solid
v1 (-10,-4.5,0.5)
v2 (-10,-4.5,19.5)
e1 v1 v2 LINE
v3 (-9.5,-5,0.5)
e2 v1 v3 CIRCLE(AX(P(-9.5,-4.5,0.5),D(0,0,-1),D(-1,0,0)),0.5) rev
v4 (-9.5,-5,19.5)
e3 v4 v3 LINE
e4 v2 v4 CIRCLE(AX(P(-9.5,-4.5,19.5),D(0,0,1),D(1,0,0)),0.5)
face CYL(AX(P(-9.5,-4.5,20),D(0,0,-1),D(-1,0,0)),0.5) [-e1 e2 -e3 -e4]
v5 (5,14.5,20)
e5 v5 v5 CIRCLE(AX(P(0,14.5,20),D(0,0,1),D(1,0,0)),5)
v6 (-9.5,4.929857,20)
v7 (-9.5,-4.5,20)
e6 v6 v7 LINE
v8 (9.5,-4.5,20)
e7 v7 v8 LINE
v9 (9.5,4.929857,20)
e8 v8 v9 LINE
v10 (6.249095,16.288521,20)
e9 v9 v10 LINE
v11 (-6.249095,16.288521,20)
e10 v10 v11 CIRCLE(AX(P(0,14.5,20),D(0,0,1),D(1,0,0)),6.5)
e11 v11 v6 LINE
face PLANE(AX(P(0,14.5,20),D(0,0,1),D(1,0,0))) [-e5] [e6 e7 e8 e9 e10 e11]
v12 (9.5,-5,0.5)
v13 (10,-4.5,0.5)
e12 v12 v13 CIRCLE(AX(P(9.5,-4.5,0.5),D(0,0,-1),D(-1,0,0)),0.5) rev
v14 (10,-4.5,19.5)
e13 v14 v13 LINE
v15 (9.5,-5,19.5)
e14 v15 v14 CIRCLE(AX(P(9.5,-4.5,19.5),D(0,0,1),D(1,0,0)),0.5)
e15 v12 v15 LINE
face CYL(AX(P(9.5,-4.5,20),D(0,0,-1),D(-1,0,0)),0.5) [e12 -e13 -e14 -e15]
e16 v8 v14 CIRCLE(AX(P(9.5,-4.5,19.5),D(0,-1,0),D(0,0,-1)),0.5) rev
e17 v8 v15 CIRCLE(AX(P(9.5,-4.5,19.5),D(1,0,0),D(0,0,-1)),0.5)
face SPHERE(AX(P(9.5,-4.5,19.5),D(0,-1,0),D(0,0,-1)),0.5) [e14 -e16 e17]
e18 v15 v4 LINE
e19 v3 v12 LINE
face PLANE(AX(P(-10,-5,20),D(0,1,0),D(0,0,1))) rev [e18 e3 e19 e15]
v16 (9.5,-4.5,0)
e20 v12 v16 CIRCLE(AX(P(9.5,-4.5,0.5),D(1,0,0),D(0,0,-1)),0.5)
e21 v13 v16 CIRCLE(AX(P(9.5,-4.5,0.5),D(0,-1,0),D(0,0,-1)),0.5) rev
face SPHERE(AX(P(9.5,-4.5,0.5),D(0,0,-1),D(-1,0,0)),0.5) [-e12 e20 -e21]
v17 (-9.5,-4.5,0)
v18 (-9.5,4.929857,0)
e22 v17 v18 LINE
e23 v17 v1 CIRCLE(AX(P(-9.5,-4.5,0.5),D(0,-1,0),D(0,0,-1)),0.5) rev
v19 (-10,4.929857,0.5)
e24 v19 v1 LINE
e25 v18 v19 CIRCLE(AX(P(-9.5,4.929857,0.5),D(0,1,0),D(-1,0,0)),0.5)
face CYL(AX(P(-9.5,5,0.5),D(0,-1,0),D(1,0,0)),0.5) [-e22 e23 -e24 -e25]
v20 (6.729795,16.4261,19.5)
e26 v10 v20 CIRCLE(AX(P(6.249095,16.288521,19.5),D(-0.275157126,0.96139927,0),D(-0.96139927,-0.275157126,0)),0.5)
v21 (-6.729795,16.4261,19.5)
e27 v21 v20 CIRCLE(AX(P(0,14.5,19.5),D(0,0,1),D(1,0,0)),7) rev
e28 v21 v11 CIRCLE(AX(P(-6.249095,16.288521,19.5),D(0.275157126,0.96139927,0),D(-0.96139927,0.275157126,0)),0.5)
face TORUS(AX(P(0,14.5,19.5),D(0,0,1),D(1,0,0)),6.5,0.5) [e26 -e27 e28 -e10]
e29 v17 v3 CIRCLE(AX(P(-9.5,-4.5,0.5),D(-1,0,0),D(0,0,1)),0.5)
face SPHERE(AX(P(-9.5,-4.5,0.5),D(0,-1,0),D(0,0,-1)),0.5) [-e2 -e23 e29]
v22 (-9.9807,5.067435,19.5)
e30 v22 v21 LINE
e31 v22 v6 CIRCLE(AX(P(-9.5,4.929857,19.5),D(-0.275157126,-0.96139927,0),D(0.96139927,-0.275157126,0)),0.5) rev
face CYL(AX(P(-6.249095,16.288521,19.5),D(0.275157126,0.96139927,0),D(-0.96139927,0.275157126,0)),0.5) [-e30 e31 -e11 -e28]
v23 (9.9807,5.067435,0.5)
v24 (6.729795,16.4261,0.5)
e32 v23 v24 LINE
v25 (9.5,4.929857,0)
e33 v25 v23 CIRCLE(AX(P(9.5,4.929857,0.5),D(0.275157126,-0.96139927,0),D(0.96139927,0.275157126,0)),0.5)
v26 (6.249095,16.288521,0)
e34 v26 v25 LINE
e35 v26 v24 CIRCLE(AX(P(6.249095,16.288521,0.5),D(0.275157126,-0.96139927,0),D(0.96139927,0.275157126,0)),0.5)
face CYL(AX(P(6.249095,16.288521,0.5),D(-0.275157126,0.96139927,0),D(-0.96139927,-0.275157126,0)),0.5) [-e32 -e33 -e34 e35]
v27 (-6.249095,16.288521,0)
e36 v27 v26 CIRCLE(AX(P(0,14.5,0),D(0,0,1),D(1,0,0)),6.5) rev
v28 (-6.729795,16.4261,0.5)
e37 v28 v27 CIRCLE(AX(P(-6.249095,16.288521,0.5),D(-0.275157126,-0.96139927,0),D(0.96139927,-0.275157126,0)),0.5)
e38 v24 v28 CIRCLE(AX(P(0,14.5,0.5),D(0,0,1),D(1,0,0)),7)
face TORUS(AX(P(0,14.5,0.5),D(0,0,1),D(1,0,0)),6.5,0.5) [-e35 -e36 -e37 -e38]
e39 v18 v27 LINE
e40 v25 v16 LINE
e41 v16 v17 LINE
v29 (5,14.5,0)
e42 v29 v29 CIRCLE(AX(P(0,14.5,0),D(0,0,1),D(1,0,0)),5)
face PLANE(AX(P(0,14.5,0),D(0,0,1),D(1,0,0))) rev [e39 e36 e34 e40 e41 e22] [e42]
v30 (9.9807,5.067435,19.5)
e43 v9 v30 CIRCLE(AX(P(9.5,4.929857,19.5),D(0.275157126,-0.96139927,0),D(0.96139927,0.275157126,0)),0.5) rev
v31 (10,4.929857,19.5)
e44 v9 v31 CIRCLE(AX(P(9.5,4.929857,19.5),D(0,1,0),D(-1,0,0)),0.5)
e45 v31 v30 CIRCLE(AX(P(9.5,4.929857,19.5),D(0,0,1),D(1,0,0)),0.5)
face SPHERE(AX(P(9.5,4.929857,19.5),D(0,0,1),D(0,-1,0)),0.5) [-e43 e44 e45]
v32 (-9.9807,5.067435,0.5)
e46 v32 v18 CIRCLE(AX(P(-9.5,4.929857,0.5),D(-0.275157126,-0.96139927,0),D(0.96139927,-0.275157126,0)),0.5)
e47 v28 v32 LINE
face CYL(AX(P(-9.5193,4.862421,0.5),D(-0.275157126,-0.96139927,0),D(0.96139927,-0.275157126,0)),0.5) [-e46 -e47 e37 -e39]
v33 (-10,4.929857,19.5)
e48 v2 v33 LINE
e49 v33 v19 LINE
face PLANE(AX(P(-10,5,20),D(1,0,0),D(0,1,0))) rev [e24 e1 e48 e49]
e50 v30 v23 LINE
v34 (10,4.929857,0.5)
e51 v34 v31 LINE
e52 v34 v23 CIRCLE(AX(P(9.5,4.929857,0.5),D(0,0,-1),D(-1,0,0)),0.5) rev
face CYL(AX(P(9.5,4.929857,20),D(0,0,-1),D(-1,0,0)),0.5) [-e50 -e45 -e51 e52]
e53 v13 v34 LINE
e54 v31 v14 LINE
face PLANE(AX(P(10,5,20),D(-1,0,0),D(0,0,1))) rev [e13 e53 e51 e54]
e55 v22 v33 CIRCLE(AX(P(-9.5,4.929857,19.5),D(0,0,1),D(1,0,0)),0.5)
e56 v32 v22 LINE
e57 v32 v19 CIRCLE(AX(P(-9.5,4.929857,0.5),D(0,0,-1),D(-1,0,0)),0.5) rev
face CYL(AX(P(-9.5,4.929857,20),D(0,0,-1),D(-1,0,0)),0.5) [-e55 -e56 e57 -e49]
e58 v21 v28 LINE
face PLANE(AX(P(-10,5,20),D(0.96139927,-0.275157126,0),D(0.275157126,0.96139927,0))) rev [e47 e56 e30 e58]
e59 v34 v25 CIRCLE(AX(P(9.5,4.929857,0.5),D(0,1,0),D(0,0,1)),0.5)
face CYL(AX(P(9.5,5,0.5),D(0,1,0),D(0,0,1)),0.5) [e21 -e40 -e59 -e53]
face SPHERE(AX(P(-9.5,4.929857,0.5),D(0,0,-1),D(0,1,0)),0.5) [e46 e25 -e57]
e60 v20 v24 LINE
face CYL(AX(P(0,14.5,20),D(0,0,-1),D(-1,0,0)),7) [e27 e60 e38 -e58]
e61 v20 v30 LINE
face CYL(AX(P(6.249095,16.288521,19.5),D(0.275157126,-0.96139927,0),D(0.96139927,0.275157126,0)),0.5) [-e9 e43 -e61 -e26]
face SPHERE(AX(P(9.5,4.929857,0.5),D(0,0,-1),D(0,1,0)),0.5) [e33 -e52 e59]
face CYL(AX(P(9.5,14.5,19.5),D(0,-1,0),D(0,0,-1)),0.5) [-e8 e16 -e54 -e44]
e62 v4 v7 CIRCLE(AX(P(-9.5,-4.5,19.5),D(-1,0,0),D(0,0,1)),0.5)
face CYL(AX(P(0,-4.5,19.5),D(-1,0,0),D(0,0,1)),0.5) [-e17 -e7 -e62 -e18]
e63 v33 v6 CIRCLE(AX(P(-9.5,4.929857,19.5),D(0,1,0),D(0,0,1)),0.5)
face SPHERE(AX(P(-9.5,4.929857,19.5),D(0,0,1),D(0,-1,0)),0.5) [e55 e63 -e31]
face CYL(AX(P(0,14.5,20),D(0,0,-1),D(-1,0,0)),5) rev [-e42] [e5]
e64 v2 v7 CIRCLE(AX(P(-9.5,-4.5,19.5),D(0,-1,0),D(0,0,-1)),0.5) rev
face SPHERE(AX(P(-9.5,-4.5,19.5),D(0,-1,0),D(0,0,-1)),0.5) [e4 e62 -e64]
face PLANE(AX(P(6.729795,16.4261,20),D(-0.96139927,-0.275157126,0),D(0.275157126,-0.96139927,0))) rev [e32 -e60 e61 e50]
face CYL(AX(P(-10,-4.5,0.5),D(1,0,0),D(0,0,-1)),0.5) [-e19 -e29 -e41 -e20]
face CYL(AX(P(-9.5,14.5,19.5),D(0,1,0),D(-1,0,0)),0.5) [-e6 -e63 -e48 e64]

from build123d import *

# Parameters (mm, degrees)
SKETCH_1_R      = 5
EXTRUDE_1_DEPTH = 20
FILLET_1_R      = 0.5


with BuildPart() as part:
    # 草图1 → 凸台-拉伸1 (new body)
    with BuildSketch(Plane.XY):
        with BuildLine():
            Line((6.729794889, 16.426099883), (10, 5))
            Line((10, 5), (10, -5))
            Line((10, -5), (-10, -5))
            Line((-10, -5), (-10, 5))
            Line((-10, 5), (-6.729794889, 16.426099883))
            ThreePointArc((-6.729794889, 16.426099883), (0, 21.5), (6.729794889, 16.426099883))
        make_face()
        with Locations((0, 14.5)):
            Circle(SKETCH_1_R, mode=Mode.SUBTRACT)
    extrude(amount=EXTRUDE_1_DEPTH)

    # 圆角1
    fillet_1_edges = [part.edges().sort_by_distance(p)[0] for p in [
        (10, -5, 10),
        (-10, -5, 10),
        (-10, 5, 10),
        (10, 5, 10),
        (0, 21.5, 20),
        (-8.364897444, 10.713049941, 20),
        (-10, 0, 20),
        (0, -5, 20),
        (10, 0, 20),
        (0, -5, 0),
        (-10, 0, 0),
        (-8.364897444, 10.713049941, 0),
        (0, 21.5, 0),
        (8.364897444, 10.713049941, 0),
        (10, 0, 0),
        (8.364897444, 10.713049941, 20),
    ]]
    fillet(fillet_1_edges, radius=FILLET_1_R)


solid = part.part
